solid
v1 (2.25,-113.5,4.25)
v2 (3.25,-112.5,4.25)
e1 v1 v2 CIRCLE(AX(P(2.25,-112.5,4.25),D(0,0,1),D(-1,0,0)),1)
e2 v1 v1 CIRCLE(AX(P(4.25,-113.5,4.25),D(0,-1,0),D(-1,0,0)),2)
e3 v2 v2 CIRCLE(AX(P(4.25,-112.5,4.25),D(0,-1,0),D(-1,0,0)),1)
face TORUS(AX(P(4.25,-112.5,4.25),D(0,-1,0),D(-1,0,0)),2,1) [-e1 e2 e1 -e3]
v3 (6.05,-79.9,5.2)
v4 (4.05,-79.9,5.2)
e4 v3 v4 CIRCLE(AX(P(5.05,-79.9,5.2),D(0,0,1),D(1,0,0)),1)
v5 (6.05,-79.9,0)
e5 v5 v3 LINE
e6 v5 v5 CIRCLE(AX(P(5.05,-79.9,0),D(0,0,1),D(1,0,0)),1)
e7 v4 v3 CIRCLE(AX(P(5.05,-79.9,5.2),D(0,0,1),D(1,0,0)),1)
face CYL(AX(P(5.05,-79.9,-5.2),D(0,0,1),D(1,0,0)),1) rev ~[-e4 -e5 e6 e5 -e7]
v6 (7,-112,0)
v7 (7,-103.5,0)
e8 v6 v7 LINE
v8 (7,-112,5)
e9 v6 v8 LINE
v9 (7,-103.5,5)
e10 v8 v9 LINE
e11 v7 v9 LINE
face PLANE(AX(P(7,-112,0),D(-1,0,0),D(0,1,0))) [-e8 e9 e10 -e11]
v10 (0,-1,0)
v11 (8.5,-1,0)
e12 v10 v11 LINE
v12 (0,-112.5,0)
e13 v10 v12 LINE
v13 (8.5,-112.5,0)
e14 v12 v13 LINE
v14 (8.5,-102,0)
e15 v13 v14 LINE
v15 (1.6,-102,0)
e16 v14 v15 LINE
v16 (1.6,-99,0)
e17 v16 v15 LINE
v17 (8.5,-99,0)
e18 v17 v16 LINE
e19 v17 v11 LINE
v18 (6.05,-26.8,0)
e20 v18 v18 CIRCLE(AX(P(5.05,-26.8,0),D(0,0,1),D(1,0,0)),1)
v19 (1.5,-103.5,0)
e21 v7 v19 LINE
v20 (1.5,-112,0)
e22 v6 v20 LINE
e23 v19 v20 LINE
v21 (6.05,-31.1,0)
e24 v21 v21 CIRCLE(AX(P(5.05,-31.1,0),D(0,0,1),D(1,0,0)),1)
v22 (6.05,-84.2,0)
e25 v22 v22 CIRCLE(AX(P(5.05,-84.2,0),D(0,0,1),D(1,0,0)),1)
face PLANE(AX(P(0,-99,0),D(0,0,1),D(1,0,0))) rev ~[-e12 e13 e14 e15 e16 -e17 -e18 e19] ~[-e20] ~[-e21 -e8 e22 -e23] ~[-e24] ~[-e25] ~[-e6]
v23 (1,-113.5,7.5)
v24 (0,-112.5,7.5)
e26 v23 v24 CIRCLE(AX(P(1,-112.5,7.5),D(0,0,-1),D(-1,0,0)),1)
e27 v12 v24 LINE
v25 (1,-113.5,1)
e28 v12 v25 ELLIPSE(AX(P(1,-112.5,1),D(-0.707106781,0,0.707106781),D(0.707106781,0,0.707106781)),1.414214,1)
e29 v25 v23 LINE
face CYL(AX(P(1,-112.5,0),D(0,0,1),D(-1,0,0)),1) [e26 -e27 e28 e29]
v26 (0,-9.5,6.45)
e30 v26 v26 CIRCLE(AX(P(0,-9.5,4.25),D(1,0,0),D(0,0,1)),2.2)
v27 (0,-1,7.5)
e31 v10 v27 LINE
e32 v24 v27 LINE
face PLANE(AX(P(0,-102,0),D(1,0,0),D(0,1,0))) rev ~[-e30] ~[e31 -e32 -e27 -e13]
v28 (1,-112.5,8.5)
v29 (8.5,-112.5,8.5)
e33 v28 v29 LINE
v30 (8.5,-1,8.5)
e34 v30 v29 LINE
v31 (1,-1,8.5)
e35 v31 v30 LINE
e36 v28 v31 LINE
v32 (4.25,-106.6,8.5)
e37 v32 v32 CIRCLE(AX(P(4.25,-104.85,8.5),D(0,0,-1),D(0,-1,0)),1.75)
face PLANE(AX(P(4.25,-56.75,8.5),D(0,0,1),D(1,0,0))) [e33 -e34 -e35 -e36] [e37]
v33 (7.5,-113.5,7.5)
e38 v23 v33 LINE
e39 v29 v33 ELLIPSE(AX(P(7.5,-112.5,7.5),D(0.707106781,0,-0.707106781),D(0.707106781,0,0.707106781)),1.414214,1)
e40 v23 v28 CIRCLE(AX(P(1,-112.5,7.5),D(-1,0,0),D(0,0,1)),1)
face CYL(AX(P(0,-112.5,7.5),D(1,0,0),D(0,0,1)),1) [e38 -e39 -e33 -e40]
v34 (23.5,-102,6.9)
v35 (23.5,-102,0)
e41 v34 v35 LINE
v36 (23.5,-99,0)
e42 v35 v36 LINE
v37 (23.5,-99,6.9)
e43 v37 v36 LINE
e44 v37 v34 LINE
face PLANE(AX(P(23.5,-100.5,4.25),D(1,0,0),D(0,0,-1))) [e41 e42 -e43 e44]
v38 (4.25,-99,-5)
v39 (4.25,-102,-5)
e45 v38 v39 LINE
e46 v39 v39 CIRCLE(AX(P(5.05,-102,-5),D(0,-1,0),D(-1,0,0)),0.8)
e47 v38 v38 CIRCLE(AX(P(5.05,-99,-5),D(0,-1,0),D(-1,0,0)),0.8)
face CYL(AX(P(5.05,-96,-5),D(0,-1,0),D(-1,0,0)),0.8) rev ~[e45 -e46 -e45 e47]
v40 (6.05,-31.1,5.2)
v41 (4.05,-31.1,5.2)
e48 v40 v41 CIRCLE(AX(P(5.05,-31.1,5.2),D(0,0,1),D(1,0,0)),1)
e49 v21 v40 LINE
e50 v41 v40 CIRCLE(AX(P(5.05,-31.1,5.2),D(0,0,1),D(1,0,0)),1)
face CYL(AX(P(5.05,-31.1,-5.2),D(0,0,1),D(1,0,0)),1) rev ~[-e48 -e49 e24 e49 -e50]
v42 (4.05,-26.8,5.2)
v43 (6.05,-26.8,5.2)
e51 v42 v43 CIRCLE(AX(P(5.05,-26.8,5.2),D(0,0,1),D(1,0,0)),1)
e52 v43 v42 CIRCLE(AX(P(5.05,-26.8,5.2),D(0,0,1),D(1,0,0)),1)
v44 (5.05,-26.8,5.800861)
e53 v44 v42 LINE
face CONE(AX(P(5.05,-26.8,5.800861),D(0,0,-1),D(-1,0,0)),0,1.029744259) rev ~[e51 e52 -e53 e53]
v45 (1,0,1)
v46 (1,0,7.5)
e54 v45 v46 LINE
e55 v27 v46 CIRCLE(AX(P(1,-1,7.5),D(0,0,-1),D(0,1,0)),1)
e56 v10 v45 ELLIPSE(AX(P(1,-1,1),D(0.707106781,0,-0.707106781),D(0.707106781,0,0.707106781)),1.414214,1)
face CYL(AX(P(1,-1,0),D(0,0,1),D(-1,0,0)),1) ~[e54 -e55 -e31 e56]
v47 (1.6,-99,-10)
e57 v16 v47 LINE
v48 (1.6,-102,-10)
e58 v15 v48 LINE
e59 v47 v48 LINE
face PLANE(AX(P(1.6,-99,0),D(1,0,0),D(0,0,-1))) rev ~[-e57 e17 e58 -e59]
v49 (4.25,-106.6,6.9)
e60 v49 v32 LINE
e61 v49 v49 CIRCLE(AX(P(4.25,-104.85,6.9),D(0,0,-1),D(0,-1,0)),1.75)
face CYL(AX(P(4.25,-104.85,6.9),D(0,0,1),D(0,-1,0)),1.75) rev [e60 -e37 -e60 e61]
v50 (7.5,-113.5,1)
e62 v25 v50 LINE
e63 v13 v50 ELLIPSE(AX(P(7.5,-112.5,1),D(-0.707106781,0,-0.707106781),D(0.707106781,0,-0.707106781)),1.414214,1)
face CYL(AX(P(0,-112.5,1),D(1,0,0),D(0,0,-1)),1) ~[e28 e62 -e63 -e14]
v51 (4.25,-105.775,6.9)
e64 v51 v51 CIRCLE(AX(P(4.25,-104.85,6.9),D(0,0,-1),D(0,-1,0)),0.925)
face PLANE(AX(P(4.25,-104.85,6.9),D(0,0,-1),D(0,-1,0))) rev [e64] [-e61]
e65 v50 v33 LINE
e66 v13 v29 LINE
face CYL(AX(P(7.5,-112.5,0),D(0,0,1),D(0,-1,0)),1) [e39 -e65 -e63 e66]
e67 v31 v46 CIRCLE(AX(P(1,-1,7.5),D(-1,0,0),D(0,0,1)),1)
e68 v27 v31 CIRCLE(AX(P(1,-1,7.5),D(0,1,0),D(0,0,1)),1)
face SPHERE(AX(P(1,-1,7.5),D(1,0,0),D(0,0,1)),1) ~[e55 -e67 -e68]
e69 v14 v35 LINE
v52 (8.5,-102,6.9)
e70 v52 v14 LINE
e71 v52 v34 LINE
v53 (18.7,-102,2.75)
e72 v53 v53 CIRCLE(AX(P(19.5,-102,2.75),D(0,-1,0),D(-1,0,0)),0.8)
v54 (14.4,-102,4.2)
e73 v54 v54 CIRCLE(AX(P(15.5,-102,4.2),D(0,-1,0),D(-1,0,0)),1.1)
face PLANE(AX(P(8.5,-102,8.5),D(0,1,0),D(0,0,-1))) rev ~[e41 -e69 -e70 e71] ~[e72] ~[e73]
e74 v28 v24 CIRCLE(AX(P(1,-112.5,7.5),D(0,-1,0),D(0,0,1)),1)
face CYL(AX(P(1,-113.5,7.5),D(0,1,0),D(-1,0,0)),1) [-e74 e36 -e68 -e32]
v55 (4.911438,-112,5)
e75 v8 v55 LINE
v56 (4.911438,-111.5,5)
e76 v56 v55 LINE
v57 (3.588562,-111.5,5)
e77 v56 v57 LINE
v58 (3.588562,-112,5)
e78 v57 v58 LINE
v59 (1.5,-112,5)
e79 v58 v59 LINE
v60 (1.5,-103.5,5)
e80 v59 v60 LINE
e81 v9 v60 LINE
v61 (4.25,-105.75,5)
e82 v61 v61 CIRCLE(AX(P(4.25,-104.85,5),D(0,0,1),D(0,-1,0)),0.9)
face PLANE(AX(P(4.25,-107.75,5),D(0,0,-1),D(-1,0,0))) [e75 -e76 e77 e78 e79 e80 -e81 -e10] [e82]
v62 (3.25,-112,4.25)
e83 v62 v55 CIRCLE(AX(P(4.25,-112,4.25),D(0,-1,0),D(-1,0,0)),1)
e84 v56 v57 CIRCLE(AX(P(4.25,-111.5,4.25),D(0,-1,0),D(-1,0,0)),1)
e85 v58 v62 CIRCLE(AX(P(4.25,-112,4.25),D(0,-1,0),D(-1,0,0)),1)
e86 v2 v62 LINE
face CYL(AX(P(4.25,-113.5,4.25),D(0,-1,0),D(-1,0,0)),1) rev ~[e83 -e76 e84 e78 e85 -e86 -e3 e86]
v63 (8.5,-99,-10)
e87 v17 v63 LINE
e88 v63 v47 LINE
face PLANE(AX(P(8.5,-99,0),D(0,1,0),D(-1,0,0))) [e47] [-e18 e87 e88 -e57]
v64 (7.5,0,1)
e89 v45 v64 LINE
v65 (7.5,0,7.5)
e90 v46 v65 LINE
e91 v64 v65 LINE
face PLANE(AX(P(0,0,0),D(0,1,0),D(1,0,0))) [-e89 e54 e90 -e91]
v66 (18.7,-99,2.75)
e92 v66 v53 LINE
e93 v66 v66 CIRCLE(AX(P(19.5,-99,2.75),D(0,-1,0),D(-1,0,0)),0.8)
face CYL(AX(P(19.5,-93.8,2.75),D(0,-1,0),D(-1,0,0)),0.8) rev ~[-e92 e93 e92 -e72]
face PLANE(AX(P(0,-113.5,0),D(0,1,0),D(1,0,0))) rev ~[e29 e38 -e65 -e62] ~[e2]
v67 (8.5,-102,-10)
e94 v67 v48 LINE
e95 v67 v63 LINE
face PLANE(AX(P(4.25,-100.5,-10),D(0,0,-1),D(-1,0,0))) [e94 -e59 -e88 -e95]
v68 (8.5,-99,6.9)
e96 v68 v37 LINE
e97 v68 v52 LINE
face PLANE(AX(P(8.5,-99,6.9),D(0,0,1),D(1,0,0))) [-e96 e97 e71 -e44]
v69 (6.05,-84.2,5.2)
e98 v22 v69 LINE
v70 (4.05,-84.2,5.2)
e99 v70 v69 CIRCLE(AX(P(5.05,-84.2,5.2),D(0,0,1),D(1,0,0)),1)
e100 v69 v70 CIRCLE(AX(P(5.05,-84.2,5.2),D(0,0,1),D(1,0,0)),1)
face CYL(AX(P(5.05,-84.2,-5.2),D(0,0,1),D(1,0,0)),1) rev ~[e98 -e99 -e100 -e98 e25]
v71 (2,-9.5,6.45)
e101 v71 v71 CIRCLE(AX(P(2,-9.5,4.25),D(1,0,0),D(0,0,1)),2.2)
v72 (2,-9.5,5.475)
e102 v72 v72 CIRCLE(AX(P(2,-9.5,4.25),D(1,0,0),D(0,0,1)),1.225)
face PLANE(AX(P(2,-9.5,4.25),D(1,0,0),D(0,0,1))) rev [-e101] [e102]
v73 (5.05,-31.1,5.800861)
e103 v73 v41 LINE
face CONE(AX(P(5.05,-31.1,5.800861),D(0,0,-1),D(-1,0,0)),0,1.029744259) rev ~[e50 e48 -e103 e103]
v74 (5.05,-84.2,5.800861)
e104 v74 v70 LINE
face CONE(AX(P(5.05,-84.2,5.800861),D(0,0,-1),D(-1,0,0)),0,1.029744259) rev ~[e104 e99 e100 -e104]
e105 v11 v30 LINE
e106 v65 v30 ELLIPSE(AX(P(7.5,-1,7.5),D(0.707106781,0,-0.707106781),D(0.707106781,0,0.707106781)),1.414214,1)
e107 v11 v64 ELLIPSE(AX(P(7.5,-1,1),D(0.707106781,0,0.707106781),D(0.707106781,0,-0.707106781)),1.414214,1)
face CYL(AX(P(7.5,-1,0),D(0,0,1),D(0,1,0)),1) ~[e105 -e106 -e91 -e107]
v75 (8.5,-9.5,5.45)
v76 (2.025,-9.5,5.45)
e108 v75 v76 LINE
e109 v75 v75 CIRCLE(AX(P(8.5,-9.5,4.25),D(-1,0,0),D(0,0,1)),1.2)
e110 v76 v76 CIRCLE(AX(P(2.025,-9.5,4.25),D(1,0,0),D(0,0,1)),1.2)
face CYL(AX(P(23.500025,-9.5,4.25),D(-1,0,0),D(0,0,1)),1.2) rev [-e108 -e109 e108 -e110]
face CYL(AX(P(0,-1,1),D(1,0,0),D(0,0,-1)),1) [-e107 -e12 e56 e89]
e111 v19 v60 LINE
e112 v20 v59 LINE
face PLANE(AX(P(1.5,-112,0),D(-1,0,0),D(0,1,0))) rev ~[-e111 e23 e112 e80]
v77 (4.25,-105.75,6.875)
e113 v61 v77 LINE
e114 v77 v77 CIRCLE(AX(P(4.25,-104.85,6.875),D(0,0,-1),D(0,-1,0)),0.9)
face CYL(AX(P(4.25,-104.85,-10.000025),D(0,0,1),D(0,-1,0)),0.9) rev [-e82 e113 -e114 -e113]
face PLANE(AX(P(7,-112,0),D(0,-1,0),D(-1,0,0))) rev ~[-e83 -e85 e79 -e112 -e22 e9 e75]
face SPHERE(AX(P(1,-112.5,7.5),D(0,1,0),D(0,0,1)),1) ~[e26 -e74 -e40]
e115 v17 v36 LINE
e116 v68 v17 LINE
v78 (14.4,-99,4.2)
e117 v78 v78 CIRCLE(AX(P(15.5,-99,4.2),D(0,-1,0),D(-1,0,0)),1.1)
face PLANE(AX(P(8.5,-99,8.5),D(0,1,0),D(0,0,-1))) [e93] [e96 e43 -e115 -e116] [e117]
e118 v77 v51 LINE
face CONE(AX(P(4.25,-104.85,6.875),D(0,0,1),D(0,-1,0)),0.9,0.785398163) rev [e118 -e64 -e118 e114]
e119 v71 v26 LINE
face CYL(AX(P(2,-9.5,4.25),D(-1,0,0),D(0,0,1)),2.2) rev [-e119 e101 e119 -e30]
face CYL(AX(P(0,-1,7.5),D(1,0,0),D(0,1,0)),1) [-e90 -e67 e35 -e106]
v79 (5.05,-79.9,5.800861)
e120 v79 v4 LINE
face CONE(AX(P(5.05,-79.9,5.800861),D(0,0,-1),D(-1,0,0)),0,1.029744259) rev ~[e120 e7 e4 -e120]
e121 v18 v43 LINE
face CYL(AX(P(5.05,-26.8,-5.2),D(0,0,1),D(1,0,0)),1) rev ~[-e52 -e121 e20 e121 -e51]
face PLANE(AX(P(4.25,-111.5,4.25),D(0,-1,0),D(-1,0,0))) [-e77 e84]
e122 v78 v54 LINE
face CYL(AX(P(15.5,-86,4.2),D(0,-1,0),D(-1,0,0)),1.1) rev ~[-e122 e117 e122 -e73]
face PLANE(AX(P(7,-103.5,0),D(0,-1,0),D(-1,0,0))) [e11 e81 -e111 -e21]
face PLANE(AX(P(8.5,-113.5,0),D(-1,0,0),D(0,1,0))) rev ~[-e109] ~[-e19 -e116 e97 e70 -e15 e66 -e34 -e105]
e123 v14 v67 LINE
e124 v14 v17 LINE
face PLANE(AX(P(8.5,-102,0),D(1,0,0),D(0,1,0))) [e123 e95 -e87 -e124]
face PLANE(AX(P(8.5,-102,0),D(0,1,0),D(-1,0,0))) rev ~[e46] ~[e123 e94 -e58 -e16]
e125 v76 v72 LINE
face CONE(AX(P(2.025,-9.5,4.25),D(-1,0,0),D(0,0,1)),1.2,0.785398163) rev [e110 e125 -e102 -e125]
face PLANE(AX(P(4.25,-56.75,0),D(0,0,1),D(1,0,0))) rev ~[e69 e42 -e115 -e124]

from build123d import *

# Parameters (mm, degrees)
SKETCH1_W                      = 8.5
SKETCH1_H                      = 113.5
BOSS_EXTRUDE1_DEPTH            = 8.5
SKETCH12_W                     = 8.5
SKETCH12_H                     = 3
BOSS_EXTRUDE2_DEPTH            = 15
M2X0_4_TAPPED_HOLE1_D          = 1.6
M2X0_4_TAPPED_HOLE1_DEPTH      = 5.2
M2X0_4_TAPPED_HOLE1_TIP        = 0.480688495
F_2_2_2_2_DIAMETER_HOLE1_D     = 2.2
F_2_2_2_2_DIAMETER_HOLE1_DEPTH = 13
SKETCH25_W                     = 8.5
SKETCH25_H                     = 3
BOSS_EXTRUDE3_DEPTH            = 10
SKETCH30_W                     = 5.5
SKETCH30_H                     = 8.5
CUT_EXTRUDE2_DEPTH             = 5
SKETCH31_R                     = 1
CUT_EXTRUDE3_DEPTH             = 2
FILLET1_R                      = 1
M2X0_4_TAPPED_HOLE3_D          = 1.6
M2X0_4_TAPPED_HOLE3_DEPTH      = 3
M2X0_4_TAPPED_HOLE2_D          = 2
M2X0_4_TAPPED_HOLE2_DEPTH      = 5.2
M2X0_4_TAPPED_HOLE2_TIP        = 0.600860619
SKETCH45_W                     = 1.6
SKETCH45_H                     = 10
SKETCH45_W_2                   = 15
SKETCH45_H_2                   = 1.6
CUT_EXTRUDE4_DEPTH             = 10


with BuildPart() as part:
    # Sketch1 → Boss-Extrude1 (new body)
    with BuildSketch(Plane.XY):
        with Locations((4.25, -56.75)):
            Rectangle(SKETCH1_W, SKETCH1_H)
    extrude(amount=BOSS_EXTRUDE1_DEPTH)

    # Sketch12 → Boss-Extrude2 (add)
    with BuildSketch(Plane(origin=(8.5, 0, 0), x_dir=(0, 0, -1), z_dir=(1, 0, 0))):
        with Locations((-4.25, -100.5)):
            Rectangle(SKETCH12_W, SKETCH12_H)
    extrude(amount=BOSS_EXTRUDE2_DEPTH)

    # M2x0.4 Tapped Hole1
    with Locations(Plane(origin=(0, -99, 0), x_dir=(1, 0, 0), z_dir=(0, 1, 0))):
        with Locations((19.5, -2.75)):
            Hole(M2X0_4_TAPPED_HOLE1_D / 2, depth=M2X0_4_TAPPED_HOLE1_DEPTH)
            with Locations((0, 0, -(M2X0_4_TAPPED_HOLE1_DEPTH + M2X0_4_TAPPED_HOLE1_TIP / 2))):  # 118° drill point
                Cone(0, M2X0_4_TAPPED_HOLE1_D / 2, M2X0_4_TAPPED_HOLE1_TIP, mode=Mode.SUBTRACT)

    # Ø2.2 (2.2) Diameter Hole1
    with Locations(Plane(origin=(0, -99, 0), x_dir=(1, 0, 0), z_dir=(0, 1, 0))):
        with Locations((15.5, -4.2)):
            Hole(F_2_2_2_2_DIAMETER_HOLE1_D / 2, depth=F_2_2_2_2_DIAMETER_HOLE1_DEPTH)

    # Sketch19 → CBORE for M2 Socket Head Cap Screw1 (revolve, cut)
    with BuildSketch(Plane(origin=(0, -9.5, 4.25), x_dir=(0, 0, 1), z_dir=(0, 1, 0))):
        Polygon((0, 0), (0, 23.500025), (1.2, 23.500025), (1.2, 2.025), (1.225, 2), (2.2, 2), (2.2, 0), align=None)
    revolve(axis=Axis((-6.35, -9.5, 4.25), (1, 0, 0)), mode=Mode.SUBTRACT)

    # Sketch25 → Boss-Extrude3 (add)
    with BuildSketch(Plane(origin=(0, 0, 0), x_dir=(-1, 0, 0), z_dir=(0, 0, -1))):
        with Locations((-4.25, -100.5)):
            Rectangle(SKETCH25_W, SKETCH25_H)
    extrude(amount=BOSS_EXTRUDE3_DEPTH)

    # Sketch30 → Cut-Extrude2 (cut)
    with BuildSketch(Plane(origin=(0, 0, 0), x_dir=(-1, 0, 0), z_dir=(0, 0, -1))):
        with Locations((-4.25, -107.75)):
            Rectangle(SKETCH30_W, SKETCH30_H)
    extrude(amount=-CUT_EXTRUDE2_DEPTH, mode=Mode.SUBTRACT)

    # Sketch31 → Cut-Extrude3 (cut)
    with BuildSketch(Plane(origin=(0, -113.5, 0), x_dir=(-1, 0, 0), z_dir=(0, -1, 0))):
        with Locations((-4.25, -4.25)):
            Circle(SKETCH31_R)
    extrude(amount=-CUT_EXTRUDE3_DEPTH, mode=Mode.SUBTRACT)

    # Fillet1
    fillet1_edges = [part.edges().sort_by_distance(p)[0] for p in [
        (4.25, 0, 8.5),
        (0, -56.75, 8.5),
        (4.25, 0, 0),
        (4.25, -113.5, 0),
        (4.25, -113.5, 8.5),
        (0, 0, 4.25),
        (8.5, 0, 4.25),
        (8.5, -113.5, 4.25),
        (0, -113.5, 4.25),
        (5.25, -113.5, 4.25),
    ]]
    fillet(fillet1_edges, radius=FILLET1_R)

    # M2x0.4 Tapped Hole3
    with Locations(Plane(origin=(0, -99, 0), x_dir=(1, 0, 0), z_dir=(0, 1, 0))):
        with Locations((5.05, 5)):
            Hole(M2X0_4_TAPPED_HOLE3_D / 2, depth=M2X0_4_TAPPED_HOLE3_DEPTH)

    # M2x0.4 Tapped Hole2
    with Locations(Plane(origin=(0, 0, 0), x_dir=(-1, 0, 0), z_dir=(0, 0, -1))):
        with Locations((-5.05, -26.8), (-5.05, -84.2), (-5.05, -31.1), (-5.05, -79.9)):
            Hole(M2X0_4_TAPPED_HOLE2_D / 2, depth=M2X0_4_TAPPED_HOLE2_DEPTH)
            with Locations((0, 0, -(M2X0_4_TAPPED_HOLE2_DEPTH + M2X0_4_TAPPED_HOLE2_TIP / 2))):  # 118° drill point
                Cone(0, M2X0_4_TAPPED_HOLE2_D / 2, M2X0_4_TAPPED_HOLE2_TIP, mode=Mode.SUBTRACT)

    # Sketch43 → CBORE for M1.6 Socket Head Cap Screw1 (revolve, cut)
    with BuildSketch(Plane(origin=(4.25, -104.85, 8.5), x_dir=(0, -1, 0), z_dir=(1, 0, 0))):
        Polygon((0, 0), (0, 18.500025), (0.9, 18.500025), (0.9, 1.625), (0.925, 1.6), (1.75, 1.6), (1.75, 0), align=None)
    revolve(axis=Axis((4.25, -104.85, 14.85), (0, 0, -1)), mode=Mode.SUBTRACT)

    # Sketch45 → Cut-Extrude4 (cut)
    with BuildSketch(Plane(origin=(0, -99, 0), x_dir=(1, 0, 0), z_dir=(0, 1, 0))):
        with Locations((0.8, 5)):
            Rectangle(SKETCH45_W, SKETCH45_H)
        with Locations((16, -7.7)):
            Rectangle(SKETCH45_W_2, SKETCH45_H_2)
    extrude(amount=-CUT_EXTRUDE4_DEPTH, mode=Mode.SUBTRACT)


solid = part.part
